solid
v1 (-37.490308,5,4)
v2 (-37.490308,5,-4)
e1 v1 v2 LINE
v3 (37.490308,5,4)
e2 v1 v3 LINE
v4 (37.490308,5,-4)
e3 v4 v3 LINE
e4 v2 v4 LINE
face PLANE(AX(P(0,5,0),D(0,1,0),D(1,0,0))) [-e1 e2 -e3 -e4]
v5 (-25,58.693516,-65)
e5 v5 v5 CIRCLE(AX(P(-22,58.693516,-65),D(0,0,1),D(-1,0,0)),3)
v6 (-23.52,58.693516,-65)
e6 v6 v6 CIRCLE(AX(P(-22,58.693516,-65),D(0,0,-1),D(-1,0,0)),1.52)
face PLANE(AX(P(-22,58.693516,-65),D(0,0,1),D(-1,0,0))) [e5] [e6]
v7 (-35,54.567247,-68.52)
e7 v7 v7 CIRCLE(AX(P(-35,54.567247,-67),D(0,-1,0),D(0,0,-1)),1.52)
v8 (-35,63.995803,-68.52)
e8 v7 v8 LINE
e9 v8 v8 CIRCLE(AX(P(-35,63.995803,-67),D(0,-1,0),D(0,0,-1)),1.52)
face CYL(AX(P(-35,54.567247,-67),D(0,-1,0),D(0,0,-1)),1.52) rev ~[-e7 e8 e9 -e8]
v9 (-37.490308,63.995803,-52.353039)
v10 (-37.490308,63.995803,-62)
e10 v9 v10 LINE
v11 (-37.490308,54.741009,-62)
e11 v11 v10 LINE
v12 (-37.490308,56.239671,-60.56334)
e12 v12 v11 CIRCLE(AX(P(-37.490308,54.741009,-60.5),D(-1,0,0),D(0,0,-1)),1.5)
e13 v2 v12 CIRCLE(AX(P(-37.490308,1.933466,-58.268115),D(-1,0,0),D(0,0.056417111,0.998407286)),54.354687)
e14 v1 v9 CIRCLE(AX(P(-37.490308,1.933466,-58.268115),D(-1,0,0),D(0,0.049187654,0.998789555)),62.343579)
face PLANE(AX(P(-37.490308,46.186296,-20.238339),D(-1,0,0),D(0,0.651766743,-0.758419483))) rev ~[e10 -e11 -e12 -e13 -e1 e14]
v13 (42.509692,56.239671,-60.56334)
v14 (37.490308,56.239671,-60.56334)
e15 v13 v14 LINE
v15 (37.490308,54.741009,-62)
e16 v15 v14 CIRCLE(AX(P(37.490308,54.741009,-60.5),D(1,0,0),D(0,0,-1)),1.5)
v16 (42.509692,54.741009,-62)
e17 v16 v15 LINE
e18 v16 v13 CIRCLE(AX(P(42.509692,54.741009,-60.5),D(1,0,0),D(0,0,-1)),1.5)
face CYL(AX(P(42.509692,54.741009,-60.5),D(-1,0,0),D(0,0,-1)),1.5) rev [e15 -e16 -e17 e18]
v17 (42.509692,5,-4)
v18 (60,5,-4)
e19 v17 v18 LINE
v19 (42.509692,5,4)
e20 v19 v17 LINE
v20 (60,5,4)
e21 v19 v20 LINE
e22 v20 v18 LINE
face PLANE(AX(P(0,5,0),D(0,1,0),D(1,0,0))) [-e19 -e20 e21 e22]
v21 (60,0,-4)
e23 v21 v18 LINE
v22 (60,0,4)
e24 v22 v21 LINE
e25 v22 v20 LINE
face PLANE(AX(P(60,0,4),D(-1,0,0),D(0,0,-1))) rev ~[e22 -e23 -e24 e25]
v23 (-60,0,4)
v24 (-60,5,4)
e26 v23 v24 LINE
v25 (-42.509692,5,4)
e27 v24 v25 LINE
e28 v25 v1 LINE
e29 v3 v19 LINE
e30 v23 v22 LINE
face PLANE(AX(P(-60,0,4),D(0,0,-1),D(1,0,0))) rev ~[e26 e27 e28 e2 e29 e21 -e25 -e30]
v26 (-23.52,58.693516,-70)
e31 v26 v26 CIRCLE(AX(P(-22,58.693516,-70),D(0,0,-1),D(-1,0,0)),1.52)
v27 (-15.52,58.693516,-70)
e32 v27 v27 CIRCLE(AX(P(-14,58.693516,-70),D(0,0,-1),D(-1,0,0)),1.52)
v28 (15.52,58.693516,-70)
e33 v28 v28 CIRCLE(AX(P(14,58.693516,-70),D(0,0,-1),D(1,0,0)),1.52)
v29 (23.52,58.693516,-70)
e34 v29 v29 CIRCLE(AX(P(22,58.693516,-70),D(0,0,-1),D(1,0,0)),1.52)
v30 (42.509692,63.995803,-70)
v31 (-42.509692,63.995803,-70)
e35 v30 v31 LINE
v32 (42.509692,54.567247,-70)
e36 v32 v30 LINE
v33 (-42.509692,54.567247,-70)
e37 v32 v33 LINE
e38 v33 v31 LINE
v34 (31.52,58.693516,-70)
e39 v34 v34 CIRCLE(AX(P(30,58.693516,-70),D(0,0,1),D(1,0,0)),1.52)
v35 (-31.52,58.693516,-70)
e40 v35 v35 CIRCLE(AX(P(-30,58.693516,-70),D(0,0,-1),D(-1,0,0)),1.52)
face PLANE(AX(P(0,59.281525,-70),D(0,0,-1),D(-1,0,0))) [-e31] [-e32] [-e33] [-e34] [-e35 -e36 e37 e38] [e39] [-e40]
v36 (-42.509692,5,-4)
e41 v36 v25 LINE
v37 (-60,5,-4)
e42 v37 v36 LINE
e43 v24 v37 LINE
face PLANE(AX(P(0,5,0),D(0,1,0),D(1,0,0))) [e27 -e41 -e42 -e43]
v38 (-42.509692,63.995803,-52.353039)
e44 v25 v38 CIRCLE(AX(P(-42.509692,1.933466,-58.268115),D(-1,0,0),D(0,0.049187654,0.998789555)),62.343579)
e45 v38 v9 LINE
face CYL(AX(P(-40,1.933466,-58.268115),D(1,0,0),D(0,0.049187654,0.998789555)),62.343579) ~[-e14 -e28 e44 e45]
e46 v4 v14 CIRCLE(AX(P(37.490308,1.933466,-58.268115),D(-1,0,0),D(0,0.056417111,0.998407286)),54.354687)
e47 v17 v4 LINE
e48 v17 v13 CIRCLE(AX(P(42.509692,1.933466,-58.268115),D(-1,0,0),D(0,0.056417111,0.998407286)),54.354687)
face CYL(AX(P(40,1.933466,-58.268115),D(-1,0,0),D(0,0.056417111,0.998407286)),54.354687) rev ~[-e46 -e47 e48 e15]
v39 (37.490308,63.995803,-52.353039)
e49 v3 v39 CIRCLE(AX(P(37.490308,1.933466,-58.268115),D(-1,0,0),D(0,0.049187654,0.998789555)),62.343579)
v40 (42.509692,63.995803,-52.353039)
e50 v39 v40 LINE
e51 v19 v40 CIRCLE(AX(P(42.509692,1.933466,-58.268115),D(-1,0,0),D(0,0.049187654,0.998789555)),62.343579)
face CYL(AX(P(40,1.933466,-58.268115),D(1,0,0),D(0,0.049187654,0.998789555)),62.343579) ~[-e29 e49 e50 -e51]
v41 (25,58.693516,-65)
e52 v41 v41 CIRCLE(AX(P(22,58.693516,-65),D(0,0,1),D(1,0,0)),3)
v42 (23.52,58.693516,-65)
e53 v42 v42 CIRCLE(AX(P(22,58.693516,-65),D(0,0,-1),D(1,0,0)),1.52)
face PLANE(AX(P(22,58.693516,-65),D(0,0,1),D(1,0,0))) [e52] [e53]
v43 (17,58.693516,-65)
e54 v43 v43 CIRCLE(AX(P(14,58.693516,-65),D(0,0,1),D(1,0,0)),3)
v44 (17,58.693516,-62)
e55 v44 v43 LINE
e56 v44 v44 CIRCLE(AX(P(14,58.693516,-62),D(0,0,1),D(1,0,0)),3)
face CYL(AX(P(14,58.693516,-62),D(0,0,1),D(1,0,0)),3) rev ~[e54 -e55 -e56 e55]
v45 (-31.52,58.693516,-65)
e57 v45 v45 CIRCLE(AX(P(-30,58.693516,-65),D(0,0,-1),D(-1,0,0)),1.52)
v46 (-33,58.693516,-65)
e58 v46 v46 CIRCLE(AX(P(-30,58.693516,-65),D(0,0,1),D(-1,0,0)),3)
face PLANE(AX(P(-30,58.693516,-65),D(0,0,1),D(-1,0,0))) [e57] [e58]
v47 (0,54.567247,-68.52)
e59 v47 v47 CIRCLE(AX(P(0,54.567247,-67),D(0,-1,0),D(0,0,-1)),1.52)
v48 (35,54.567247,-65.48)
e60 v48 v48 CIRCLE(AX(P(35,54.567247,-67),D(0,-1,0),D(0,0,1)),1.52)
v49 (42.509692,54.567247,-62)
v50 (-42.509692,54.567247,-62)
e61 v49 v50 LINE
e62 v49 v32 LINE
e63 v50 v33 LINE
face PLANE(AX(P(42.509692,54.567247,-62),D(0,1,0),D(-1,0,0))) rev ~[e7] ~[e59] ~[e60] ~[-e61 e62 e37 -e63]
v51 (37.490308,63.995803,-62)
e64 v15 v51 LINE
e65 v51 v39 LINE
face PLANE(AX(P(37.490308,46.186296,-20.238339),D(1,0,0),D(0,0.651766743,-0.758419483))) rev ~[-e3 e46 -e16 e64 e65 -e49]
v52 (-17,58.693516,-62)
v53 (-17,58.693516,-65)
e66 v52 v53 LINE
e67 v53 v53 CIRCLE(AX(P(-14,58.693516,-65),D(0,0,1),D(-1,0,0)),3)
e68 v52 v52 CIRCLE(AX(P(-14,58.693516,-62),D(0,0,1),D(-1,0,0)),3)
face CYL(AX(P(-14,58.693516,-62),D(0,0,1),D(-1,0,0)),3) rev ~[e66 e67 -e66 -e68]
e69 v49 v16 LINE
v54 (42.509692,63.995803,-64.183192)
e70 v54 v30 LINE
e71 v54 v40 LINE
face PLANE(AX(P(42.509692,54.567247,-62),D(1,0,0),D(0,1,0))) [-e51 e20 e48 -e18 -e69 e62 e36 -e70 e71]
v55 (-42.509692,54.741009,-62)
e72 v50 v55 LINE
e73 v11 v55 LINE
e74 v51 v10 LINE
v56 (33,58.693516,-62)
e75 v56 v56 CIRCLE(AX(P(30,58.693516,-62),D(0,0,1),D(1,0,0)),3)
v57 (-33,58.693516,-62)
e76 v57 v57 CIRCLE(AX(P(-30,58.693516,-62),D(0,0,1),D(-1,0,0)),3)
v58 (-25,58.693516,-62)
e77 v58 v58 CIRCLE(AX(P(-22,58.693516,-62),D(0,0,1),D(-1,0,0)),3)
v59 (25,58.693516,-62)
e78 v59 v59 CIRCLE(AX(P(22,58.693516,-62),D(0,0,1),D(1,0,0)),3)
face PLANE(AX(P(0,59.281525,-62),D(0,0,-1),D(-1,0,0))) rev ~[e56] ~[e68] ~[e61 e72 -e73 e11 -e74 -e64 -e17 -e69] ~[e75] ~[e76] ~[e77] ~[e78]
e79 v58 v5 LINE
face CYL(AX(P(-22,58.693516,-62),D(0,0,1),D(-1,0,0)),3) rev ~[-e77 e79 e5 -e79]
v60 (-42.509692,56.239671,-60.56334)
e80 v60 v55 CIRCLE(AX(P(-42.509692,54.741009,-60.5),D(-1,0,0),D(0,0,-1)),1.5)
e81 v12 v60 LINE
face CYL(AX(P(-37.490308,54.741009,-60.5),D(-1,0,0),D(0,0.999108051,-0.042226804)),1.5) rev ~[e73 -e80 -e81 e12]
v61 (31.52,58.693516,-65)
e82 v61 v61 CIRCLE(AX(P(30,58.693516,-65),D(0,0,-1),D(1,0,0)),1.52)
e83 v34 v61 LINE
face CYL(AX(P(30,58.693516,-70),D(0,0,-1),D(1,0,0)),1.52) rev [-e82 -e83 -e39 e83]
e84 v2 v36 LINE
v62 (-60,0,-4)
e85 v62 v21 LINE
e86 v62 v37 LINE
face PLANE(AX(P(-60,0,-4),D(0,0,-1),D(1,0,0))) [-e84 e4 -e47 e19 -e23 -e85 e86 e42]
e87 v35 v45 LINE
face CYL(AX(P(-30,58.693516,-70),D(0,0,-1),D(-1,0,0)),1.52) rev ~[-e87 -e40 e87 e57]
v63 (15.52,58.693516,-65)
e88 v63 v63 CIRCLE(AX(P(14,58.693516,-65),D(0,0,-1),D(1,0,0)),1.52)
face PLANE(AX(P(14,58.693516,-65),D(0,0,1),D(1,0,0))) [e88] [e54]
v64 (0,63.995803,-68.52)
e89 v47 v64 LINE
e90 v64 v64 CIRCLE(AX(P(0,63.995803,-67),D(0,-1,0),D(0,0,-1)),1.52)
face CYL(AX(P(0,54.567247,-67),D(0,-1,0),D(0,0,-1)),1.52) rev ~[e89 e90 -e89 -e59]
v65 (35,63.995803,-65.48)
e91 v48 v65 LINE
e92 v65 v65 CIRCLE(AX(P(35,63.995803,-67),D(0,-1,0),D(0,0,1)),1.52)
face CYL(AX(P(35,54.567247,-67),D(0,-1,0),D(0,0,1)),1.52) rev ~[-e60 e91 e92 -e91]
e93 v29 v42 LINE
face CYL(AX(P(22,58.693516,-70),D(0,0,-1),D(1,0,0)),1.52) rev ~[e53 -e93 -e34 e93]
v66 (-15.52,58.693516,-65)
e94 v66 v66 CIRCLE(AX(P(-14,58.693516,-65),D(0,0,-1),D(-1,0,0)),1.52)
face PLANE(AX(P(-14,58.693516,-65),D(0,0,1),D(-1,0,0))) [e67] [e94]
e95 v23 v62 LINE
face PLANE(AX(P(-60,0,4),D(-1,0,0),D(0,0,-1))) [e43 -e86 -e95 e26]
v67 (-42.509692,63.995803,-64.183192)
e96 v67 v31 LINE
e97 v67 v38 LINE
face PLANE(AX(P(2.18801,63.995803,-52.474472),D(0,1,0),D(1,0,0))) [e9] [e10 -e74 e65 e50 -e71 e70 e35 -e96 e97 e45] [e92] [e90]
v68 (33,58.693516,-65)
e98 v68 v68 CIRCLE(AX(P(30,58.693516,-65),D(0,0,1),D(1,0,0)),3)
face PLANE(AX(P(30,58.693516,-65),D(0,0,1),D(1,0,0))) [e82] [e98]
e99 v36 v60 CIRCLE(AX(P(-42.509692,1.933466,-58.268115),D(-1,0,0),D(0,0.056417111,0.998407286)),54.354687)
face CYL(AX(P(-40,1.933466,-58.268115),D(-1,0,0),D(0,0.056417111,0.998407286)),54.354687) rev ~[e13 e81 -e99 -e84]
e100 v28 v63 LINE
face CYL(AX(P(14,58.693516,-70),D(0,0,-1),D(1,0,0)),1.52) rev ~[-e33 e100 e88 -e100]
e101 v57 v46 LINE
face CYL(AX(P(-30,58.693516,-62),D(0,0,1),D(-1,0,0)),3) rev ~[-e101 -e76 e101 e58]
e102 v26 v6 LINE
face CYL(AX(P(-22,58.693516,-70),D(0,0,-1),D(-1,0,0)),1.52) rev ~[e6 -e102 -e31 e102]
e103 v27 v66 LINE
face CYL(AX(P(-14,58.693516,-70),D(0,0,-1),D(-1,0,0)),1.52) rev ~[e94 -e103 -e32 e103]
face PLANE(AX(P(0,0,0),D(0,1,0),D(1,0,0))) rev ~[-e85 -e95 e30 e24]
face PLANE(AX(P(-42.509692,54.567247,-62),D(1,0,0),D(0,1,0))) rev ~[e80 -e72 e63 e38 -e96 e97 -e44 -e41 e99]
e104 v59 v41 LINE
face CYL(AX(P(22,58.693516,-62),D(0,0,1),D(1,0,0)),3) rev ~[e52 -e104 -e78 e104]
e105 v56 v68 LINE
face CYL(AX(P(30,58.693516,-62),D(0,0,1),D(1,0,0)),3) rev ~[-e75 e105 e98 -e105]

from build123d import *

# Parameters (mm, degrees)
SKETCH_1_W               = 120
SKETCH_1_H               = 8
EXTRUDE_1_DEPTH          = 5
SKETCH_2_W               = 5.019384612
SKETCH_2_H               = 8
PATTERN_LINEAR_2_COUNT   = 2
PATTERN_LINEAR_2_PITCH   = 80
EXTRUDE_3_DEPTH          = 6
EXTRUDE_3_DEPTH_BACK     = 2
SKETCH_5_W               = 85.019384612
SKETCH_5_H               = 9.428556335
SKETCH_6_R               = 1.52
CUT_EXTRUDE_1_DEPTH      = 18
PATTERN_LINEAR_3_COUNT   = 3
PATTERN_LINEAR_3_PITCH   = 8
MIRROR_1_COPY_1_SKETCH_R = 1.52
MIRROR_1_COPY_1_DEPTH    = 18
MIRROR_1_COPY_2_SKETCH_R = 1.52
MIRROR_1_COPY_2_DEPTH    = 18
SKETCH_7_R               = 1.52
CUT_EXTRUDE_2_DEPTH      = 15
SKETCH_8_W               = 136.689726825
SKETCH_8_H               = 40.838827277
CUT_EXTRUDE_3_DEPTH      = 8
SKETCH_10_R              = 3
CUT_EXTRUDE_5_DEPTH      = 3
FILLET_1_R               = 1.5
FILLET_2_R               = 1.5


with BuildPart() as part:
    # 草图1 → 凸台-拉伸1 (new body)
    with BuildSketch(Plane(origin=(0, 0, 0), x_dir=(1, 0, 0), z_dir=(0, 1, 0))):
        Rectangle(SKETCH_1_W, SKETCH_1_H)
    extrude(amount=EXTRUDE_1_DEPTH)

    # 扫描2: sweep along a curve in space
    with BuildLine() as sweep_2_path:
        ThreePointArc((-40, 5, 0), (-40, 46.186296303, -20.238339114), (-40, 60, -64))
    # 草图2 → 扫描2 (sweep)
    with BuildSketch(Plane(origin=(0, 5, 0), x_dir=(1, 0, 0), z_dir=(0, 1, 0))):
        with Locations((-40, 0)):
            Rectangle(SKETCH_2_W, SKETCH_2_H)
    sweep_2 = sweep(path=sweep_2_path.line)

    # 阵列(线性)2: 扫描2 ×2
    with Locations(*[(i * PATTERN_LINEAR_2_PITCH, 0, 0) for i in range(1, PATTERN_LINEAR_2_COUNT)]):
        add(sweep_2)

    # 草图5 → 凸台-拉伸3 (add, two sides: drawn at the far end of the back side and taken through both)
    with BuildSketch(Plane(origin=(0, 0, -64), x_dir=(-1, 0, 0), z_dir=(0, 0, -1)).offset(-EXTRUDE_3_DEPTH_BACK)):
        with Locations((0, 59.281524703)):
            Rectangle(SKETCH_5_W, SKETCH_5_H)
    extrude(amount=EXTRUDE_3_DEPTH + EXTRUDE_3_DEPTH_BACK)

    # 草图6 → 切除-拉伸1 (cut)
    with BuildSketch(Plane(origin=(0, 0, -70), x_dir=(-1, 0, 0), z_dir=(0, 0, -1))):
        with Locations((30, 58.693516137)):
            Circle(SKETCH_6_R)
    cut_extrude_1 = extrude(amount=-CUT_EXTRUDE_1_DEPTH, mode=Mode.SUBTRACT)

    # 阵列(线性)3: 切除-拉伸1 ×3
    with Locations(*[(i * PATTERN_LINEAR_3_PITCH, 0, 0) for i in range(1, PATTERN_LINEAR_3_COUNT)]):
        add(cut_extrude_1, mode=Mode.SUBTRACT)

    # 镜向1: 切除-拉伸1 across plane
    add(cut_extrude_1.mirror(Plane(origin=(0, 0, 0), x_dir=(0, 0, 1), z_dir=(1, 0, 0))), mode=Mode.SUBTRACT)

    # 镜向1 copy 1 sketch → 镜向1 copy 1 (cut)
    with BuildSketch(Plane(origin=(-8, 0, -70), x_dir=(1, 0, 0), z_dir=(0, 0, -1))):
        with Locations((30, -58.693516137)):
            Circle(MIRROR_1_COPY_1_SKETCH_R)
    extrude(amount=-MIRROR_1_COPY_1_DEPTH, mode=Mode.SUBTRACT)

    # 镜向1 copy 2 sketch → 镜向1 copy 2 (cut)
    with BuildSketch(Plane(origin=(-16, 0, -70), x_dir=(1, 0, 0), z_dir=(0, 0, -1))):
        with Locations((30, -58.693516137)):
            Circle(MIRROR_1_COPY_2_SKETCH_R)
    extrude(amount=-MIRROR_1_COPY_2_DEPTH, mode=Mode.SUBTRACT)

    # 草图7 → 切除-拉伸2 (cut)
    with BuildSketch(Plane(origin=(0, 54.567246535, 0), x_dir=(-1, 0, 0), z_dir=(0, -1, 0))):
        with Locations(Location((0, 67, 0), (0, 0, 90))):
            Circle(SKETCH_7_R)
        with Locations(Location((35, 67, 0), (0, 0, 90))):
            Circle(SKETCH_7_R)
        with Locations(Location((-35, 67, 0), (0, 0, 270))):
            Circle(SKETCH_7_R)
    extrude(amount=-CUT_EXTRUDE_2_DEPTH, mode=Mode.SUBTRACT)

    # 草图8 → 切除-拉伸3 (cut)
    with BuildSketch(Plane(origin=(0, 63.99580287, 0), x_dir=(1, 0, 0), z_dir=(0, 1, 0))):
        with Locations((2.188010226, 52.474472022)):
            Rectangle(SKETCH_8_W, SKETCH_8_H)
    extrude(amount=CUT_EXTRUDE_3_DEPTH, mode=Mode.SUBTRACT)

    # 草图10 → 切除-拉伸5 (cut)
    with BuildSketch(Plane.XY.offset(-62)):
        with Locations((30, 58.693516137)):
            Circle(SKETCH_10_R)
        with Locations((22, 58.693516137)):
            Circle(SKETCH_10_R)
        with Locations((14, 58.693516137)):
            Circle(SKETCH_10_R)
        with Locations(Location((-30, 58.693516137, 0), (0, 0, 180))):
            Circle(SKETCH_10_R)
        with Locations(Location((-22, 58.693516137, 0), (0, 0, 180))):
            Circle(SKETCH_10_R)
        with Locations(Location((-14, 58.693516137, 0), (0, 0, 180))):
            Circle(SKETCH_10_R)
    extrude(amount=-CUT_EXTRUDE_5_DEPTH, mode=Mode.SUBTRACT)

    # 圆角1
    fillet_1_edges = [part.edges().sort_by_distance(p)[0] for p in [
        (40, 56.159889336, -62),
    ]]
    fillet(fillet_1_edges, radius=FILLET_1_R)

    # 圆角2
    fillet_2_edges = [part.edges().sort_by_distance(p)[0] for p in [
        (-40, 56.159889336, -62),
    ]]
    fillet(fillet_2_edges, radius=FILLET_2_R)


solid = part.part
